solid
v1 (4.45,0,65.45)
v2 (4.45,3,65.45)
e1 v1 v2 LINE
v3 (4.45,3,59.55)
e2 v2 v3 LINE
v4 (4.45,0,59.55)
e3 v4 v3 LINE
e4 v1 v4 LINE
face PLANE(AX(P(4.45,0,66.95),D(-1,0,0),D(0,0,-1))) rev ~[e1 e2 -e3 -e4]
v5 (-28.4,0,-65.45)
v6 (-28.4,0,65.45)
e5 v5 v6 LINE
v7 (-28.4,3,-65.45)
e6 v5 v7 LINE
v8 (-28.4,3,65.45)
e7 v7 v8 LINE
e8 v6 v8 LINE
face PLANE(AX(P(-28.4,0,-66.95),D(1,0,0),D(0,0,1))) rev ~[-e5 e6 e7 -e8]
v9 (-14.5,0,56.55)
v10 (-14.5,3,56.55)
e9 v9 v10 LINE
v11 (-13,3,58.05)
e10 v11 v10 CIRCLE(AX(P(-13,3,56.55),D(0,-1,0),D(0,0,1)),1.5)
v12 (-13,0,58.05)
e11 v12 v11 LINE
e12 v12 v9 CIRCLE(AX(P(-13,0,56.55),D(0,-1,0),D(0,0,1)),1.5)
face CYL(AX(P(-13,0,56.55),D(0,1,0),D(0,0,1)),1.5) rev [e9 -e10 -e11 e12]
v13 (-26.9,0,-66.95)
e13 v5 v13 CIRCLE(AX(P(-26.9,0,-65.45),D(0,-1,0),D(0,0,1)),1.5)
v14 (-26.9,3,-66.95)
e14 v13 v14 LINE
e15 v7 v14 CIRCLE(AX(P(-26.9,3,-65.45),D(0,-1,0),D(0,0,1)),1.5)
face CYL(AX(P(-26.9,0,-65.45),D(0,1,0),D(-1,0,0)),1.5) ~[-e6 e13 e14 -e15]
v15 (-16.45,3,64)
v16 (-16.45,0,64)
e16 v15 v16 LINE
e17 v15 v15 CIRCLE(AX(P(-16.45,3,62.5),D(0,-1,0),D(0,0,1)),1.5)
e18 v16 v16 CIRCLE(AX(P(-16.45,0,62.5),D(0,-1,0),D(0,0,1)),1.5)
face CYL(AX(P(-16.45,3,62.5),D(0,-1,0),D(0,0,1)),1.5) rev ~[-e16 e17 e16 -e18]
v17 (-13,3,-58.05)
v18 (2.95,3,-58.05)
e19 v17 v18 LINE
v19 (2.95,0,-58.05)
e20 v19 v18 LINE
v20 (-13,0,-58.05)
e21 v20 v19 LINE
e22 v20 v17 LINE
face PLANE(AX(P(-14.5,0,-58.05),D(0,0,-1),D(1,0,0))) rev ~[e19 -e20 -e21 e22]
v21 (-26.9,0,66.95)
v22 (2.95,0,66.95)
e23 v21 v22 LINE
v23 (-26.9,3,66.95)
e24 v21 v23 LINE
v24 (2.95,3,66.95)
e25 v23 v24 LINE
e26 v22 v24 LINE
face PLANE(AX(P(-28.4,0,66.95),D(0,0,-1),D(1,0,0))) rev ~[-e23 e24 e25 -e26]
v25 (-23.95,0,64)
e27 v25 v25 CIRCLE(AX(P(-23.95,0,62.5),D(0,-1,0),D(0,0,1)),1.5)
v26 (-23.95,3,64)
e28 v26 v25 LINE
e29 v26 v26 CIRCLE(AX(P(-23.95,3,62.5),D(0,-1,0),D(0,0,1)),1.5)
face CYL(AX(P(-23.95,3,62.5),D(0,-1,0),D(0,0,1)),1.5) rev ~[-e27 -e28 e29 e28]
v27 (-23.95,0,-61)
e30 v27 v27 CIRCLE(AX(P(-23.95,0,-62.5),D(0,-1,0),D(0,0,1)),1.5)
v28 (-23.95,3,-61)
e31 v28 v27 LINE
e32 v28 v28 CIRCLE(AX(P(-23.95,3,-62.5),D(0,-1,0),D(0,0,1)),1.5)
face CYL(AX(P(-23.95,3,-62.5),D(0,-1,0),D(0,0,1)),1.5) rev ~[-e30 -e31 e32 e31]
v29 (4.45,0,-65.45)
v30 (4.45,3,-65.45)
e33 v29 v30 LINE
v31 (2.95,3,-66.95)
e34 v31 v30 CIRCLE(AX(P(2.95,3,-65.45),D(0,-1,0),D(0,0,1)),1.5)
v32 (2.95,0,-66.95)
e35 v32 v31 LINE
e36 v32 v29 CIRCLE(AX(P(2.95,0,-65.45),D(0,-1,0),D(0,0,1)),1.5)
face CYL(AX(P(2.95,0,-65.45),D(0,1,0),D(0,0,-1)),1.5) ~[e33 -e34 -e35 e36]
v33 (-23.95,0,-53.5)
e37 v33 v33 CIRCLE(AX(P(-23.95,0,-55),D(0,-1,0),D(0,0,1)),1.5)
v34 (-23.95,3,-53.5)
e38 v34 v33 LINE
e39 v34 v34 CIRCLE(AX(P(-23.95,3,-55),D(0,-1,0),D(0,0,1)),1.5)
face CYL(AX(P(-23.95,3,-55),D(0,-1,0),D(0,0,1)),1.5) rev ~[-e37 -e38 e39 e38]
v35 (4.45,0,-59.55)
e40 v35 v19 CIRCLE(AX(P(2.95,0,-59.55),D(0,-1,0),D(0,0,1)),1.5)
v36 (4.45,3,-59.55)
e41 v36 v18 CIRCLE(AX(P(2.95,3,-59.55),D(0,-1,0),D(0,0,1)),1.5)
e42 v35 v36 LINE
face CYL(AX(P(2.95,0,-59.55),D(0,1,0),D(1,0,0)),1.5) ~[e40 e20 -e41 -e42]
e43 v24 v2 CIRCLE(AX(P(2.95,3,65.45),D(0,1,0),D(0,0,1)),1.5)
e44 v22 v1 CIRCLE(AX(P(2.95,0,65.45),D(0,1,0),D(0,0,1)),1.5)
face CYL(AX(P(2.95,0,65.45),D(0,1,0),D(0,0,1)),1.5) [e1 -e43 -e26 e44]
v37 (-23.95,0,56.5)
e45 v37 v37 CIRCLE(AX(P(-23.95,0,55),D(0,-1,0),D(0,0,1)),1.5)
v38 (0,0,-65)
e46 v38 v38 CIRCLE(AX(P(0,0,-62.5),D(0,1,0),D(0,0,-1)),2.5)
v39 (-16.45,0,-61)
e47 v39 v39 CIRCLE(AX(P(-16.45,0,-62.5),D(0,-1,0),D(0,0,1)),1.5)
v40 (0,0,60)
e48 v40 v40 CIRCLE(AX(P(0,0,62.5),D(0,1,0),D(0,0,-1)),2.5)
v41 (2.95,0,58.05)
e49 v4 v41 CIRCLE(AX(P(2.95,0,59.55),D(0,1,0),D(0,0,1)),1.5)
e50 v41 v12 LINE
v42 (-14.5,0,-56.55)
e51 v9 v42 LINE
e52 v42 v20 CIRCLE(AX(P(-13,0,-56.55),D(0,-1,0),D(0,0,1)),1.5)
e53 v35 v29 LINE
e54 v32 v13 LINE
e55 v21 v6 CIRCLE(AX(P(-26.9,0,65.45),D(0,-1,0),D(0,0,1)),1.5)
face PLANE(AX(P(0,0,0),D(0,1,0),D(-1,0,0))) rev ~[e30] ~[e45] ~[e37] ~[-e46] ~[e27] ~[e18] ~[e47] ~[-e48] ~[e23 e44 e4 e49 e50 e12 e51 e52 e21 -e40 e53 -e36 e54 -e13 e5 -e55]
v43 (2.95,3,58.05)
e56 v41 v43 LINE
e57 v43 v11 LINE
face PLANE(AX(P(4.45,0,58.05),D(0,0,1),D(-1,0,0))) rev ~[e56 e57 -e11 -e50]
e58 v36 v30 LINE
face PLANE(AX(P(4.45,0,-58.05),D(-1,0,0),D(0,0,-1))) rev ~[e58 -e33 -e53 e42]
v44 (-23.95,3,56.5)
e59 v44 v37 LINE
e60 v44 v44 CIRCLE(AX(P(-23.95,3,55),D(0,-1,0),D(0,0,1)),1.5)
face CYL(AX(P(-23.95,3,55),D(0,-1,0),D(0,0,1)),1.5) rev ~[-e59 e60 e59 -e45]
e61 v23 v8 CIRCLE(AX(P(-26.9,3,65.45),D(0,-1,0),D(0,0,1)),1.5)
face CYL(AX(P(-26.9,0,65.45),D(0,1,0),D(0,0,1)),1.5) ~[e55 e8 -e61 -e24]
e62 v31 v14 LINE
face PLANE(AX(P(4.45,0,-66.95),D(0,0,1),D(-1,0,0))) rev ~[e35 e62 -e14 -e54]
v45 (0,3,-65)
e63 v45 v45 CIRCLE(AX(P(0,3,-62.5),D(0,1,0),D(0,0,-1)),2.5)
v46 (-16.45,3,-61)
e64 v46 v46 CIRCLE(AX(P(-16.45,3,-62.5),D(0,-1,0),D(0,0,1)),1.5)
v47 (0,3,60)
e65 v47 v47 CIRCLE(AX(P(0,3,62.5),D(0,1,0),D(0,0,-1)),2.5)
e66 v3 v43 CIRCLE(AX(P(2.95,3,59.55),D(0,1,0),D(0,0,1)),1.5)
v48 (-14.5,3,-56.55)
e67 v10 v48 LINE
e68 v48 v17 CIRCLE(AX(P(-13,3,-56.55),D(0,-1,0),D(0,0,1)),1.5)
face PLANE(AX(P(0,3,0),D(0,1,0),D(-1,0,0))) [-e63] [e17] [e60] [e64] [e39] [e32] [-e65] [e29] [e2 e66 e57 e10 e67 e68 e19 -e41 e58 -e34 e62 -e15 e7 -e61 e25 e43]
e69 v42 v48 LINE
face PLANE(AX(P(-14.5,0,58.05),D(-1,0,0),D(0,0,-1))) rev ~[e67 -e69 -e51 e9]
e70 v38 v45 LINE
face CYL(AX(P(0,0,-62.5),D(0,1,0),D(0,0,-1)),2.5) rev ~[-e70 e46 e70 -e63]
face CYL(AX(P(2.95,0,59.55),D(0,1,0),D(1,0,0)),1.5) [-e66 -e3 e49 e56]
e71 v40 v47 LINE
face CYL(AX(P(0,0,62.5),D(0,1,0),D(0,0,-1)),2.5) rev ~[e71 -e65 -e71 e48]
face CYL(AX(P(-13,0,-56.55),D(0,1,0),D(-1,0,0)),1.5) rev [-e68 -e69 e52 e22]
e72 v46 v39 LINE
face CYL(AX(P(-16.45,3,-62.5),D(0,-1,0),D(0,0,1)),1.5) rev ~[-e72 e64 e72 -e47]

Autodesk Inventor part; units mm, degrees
ref_plane "YZ Plane" through (0, 0, 0) normal (1, 0, 0) x (0, 1, 0)
ref_plane "XZ Plane" through (0, 0, 0) normal (0, 1, 0) x (-1, 0, 0)
ref_plane "XY Plane" through (0, 0, 0) normal (0, 0, 1) x (1, 0, 0)
sketch "Sketch1" plane through (0, 0, 0) normal (0, 1, 0) x (-1, 0, 0)
  line L0 (0, -62.5) -> (0, 62.5) construction
  line L1 (-4.45, 66.95) -> (-4.45, 58.05)
  line L2 (-4.45, 58.05) -> (14.5, 58.05)
  line L3 (14.5, 58.05) -> (14.5, -58.05)
  line L4 (14.5, -58.05) -> (-4.45, -58.05)
  line L5 (-4.45, -58.05) -> (-4.45, -66.95)
  line L6 (-4.45, -66.95) -> (28.4, -66.95)
  line L7 (28.4, -66.95) -> (28.4, 66.95)
  line L8 (28.4, 66.95) -> (-4.45, 66.95)
  line L9 (0, 62.5) -> (-4.45, 62.5) construction
  line L10 (-4.45, -62.5) -> (0, -62.5) construction
  point P0 (0, 0)
  point P1 (0, 0)
  dimension "d0" = 125
  dimension "d1" = 4.45
  dimension "d2" = 4.45
  dimension "d3" = 13.9
  dimension "d4" = 14.5
  dimension "d5" = 4.45
extrude "Extrusion1" add sketch "Sketch1" along normal blind 3
hole "Hole1" at (0, 0, 62.5) at (0, 0, -62.5) direction (0, 1, 0) diameter 5 end through all
fillet "Fillet1" radius 1.5 8 edges at (-14.5, 1.5, 58.05) (-28.4, 1.5, 66.95) (-14.5, 1.5, -58.05) (-28.4, 1.5, -66.95) (4.45, 1.5, -58.05) (4.45, 1.5, -66.95) (4.45, 1.5, 58.05) (4.45, 1.5, 66.95)
sketch "Sketch2" plane through (0, 3, 0) normal (0, 1, 0) x (1, 0, 0)
  arc A0 (-26.9, 66.95) -> (-28.4, 65.45) centre (-26.9, 65.45) ccw projected
  line L0 (-28.4, 65.45) -> (-28.4, -65.45) projected
  arc A1 (-28.4, -65.45) -> (-26.9, -66.95) centre (-26.9, -65.45) ccw projected
  line L1 (-26.9, -66.95) -> (2.95, -66.95) projected
  line L2 (4.45, -65.45) -> (4.45, -59.55) projected
  line L3 (2.95, -58.05) -> (-13, -58.05) projected
  arc A2 (-14.5, -56.55) -> (-13, -58.05) centre (-13, -56.55) ccw projected
  line L4 (-14.5, -56.55) -> (-14.5, 56.55) projected
  arc A3 (-13, 58.05) -> (-14.5, 56.55) centre (-13, 56.55) ccw projected
  line L5 (-13, 58.05) -> (2.95, 58.05) projected
  line L6 (4.45, 59.55) -> (4.45, 65.45) projected
  line L7 (2.95, 66.95) -> (-26.9, 66.95) projected
  circle A4 centre (0, -62.5) radius 2.5 projected
  circle A5 centre (0, 62.5) radius 2.5 projected
  line L8 (4.45, -65.45) -> (4.45, -59.55) construction
  line L9 (4.45, -62.5) -> (-28.4, -62.5) construction
  line L10 (-28.4, 65.45) -> (-28.4, -65.45) construction
  line L11 (4.45, 59.55) -> (4.45, 65.45) construction
  line L12 (4.45, 62.5) -> (-28.4, 62.5) construction
  line L13 (-14.5, 0) -> (-28.4, 0) construction
  line L14 (2.95, 66.95) -> (-26.9, 66.95) construction
  line L15 (-26.9, -66.95) -> (2.95, -66.95) construction
  line L16 (-23.95, 66.95) -> (-23.95, -66.95) construction
  arc A6 (2.95, -66.95) -> (4.45, -65.45) centre (2.95, -65.45) ccw projected
  arc A7 (4.45, -59.55) -> (2.95, -58.05) centre (2.95, -59.55) ccw projected
  arc A8 (2.95, 58.05) -> (4.45, 59.55) centre (2.95, 59.55) ccw projected
  arc A9 (4.45, 65.45) -> (2.95, 66.95) centre (2.95, 65.45) ccw projected
  point P0 (0, 0)
  point P1 (4.45, -66.95)
  point P2 (4.45, -58.05)
  point P3 (4.45, 58.05)
  point P4 (4.45, 66.95)
  point P5 (-21.45, 0)
  point P6 (-23.95, -62.5)
  point P7 (-16.45, -62.5)
  point P8 (-23.95, -55)
  point P9 (-23.95, 62.5)
  point P10 (-16.45, 62.5)
  point P11 (-23.95, 55)
  dimension "d7" = 0
  dimension "d17" = 7.5
  dimension "d25" = 4.45
  dimension "d26" = 7.5
hole "Hole2" at (-23.95, 3, 62.5) at (-16.45, 3, 62.5) at (-23.95, 3, 55) at (-23.95, 3, -55) at (-23.95, 3, -62.5) at (-16.45, 3, -62.5) direction (0, -1, 0) diameter 3 end through all
equation "\"d0\" = holes_spacing"
equation "\"d1\" = 0.5 * width"
equation "\"d2\" = 0.5 * width"
equation "\"d3\" = width + back_extra_width"
equation "\"d4\" = holes_2_back"
equation "\"d5\" = 0.5 * width"
equation "\"d6\" = thickness"
equation "\"d17\" = piano_wire_holes_spacing"
equation "\"d25\" = 0.5 * width"
equation "\"d26\" = piano_wire_holes_spacing"
equation "\"thickness\" = 3"
equation "\"holes_spacing\" = 125"
equation "\"holes_2_back\" = 14.5"
equation "\"width\" = 8.9"
equation "\"piano_wire_holes_spacing\" = 7.5"
equation "\"back_extra_width\" = 5"
properties part number "nuc_fix_v2"
